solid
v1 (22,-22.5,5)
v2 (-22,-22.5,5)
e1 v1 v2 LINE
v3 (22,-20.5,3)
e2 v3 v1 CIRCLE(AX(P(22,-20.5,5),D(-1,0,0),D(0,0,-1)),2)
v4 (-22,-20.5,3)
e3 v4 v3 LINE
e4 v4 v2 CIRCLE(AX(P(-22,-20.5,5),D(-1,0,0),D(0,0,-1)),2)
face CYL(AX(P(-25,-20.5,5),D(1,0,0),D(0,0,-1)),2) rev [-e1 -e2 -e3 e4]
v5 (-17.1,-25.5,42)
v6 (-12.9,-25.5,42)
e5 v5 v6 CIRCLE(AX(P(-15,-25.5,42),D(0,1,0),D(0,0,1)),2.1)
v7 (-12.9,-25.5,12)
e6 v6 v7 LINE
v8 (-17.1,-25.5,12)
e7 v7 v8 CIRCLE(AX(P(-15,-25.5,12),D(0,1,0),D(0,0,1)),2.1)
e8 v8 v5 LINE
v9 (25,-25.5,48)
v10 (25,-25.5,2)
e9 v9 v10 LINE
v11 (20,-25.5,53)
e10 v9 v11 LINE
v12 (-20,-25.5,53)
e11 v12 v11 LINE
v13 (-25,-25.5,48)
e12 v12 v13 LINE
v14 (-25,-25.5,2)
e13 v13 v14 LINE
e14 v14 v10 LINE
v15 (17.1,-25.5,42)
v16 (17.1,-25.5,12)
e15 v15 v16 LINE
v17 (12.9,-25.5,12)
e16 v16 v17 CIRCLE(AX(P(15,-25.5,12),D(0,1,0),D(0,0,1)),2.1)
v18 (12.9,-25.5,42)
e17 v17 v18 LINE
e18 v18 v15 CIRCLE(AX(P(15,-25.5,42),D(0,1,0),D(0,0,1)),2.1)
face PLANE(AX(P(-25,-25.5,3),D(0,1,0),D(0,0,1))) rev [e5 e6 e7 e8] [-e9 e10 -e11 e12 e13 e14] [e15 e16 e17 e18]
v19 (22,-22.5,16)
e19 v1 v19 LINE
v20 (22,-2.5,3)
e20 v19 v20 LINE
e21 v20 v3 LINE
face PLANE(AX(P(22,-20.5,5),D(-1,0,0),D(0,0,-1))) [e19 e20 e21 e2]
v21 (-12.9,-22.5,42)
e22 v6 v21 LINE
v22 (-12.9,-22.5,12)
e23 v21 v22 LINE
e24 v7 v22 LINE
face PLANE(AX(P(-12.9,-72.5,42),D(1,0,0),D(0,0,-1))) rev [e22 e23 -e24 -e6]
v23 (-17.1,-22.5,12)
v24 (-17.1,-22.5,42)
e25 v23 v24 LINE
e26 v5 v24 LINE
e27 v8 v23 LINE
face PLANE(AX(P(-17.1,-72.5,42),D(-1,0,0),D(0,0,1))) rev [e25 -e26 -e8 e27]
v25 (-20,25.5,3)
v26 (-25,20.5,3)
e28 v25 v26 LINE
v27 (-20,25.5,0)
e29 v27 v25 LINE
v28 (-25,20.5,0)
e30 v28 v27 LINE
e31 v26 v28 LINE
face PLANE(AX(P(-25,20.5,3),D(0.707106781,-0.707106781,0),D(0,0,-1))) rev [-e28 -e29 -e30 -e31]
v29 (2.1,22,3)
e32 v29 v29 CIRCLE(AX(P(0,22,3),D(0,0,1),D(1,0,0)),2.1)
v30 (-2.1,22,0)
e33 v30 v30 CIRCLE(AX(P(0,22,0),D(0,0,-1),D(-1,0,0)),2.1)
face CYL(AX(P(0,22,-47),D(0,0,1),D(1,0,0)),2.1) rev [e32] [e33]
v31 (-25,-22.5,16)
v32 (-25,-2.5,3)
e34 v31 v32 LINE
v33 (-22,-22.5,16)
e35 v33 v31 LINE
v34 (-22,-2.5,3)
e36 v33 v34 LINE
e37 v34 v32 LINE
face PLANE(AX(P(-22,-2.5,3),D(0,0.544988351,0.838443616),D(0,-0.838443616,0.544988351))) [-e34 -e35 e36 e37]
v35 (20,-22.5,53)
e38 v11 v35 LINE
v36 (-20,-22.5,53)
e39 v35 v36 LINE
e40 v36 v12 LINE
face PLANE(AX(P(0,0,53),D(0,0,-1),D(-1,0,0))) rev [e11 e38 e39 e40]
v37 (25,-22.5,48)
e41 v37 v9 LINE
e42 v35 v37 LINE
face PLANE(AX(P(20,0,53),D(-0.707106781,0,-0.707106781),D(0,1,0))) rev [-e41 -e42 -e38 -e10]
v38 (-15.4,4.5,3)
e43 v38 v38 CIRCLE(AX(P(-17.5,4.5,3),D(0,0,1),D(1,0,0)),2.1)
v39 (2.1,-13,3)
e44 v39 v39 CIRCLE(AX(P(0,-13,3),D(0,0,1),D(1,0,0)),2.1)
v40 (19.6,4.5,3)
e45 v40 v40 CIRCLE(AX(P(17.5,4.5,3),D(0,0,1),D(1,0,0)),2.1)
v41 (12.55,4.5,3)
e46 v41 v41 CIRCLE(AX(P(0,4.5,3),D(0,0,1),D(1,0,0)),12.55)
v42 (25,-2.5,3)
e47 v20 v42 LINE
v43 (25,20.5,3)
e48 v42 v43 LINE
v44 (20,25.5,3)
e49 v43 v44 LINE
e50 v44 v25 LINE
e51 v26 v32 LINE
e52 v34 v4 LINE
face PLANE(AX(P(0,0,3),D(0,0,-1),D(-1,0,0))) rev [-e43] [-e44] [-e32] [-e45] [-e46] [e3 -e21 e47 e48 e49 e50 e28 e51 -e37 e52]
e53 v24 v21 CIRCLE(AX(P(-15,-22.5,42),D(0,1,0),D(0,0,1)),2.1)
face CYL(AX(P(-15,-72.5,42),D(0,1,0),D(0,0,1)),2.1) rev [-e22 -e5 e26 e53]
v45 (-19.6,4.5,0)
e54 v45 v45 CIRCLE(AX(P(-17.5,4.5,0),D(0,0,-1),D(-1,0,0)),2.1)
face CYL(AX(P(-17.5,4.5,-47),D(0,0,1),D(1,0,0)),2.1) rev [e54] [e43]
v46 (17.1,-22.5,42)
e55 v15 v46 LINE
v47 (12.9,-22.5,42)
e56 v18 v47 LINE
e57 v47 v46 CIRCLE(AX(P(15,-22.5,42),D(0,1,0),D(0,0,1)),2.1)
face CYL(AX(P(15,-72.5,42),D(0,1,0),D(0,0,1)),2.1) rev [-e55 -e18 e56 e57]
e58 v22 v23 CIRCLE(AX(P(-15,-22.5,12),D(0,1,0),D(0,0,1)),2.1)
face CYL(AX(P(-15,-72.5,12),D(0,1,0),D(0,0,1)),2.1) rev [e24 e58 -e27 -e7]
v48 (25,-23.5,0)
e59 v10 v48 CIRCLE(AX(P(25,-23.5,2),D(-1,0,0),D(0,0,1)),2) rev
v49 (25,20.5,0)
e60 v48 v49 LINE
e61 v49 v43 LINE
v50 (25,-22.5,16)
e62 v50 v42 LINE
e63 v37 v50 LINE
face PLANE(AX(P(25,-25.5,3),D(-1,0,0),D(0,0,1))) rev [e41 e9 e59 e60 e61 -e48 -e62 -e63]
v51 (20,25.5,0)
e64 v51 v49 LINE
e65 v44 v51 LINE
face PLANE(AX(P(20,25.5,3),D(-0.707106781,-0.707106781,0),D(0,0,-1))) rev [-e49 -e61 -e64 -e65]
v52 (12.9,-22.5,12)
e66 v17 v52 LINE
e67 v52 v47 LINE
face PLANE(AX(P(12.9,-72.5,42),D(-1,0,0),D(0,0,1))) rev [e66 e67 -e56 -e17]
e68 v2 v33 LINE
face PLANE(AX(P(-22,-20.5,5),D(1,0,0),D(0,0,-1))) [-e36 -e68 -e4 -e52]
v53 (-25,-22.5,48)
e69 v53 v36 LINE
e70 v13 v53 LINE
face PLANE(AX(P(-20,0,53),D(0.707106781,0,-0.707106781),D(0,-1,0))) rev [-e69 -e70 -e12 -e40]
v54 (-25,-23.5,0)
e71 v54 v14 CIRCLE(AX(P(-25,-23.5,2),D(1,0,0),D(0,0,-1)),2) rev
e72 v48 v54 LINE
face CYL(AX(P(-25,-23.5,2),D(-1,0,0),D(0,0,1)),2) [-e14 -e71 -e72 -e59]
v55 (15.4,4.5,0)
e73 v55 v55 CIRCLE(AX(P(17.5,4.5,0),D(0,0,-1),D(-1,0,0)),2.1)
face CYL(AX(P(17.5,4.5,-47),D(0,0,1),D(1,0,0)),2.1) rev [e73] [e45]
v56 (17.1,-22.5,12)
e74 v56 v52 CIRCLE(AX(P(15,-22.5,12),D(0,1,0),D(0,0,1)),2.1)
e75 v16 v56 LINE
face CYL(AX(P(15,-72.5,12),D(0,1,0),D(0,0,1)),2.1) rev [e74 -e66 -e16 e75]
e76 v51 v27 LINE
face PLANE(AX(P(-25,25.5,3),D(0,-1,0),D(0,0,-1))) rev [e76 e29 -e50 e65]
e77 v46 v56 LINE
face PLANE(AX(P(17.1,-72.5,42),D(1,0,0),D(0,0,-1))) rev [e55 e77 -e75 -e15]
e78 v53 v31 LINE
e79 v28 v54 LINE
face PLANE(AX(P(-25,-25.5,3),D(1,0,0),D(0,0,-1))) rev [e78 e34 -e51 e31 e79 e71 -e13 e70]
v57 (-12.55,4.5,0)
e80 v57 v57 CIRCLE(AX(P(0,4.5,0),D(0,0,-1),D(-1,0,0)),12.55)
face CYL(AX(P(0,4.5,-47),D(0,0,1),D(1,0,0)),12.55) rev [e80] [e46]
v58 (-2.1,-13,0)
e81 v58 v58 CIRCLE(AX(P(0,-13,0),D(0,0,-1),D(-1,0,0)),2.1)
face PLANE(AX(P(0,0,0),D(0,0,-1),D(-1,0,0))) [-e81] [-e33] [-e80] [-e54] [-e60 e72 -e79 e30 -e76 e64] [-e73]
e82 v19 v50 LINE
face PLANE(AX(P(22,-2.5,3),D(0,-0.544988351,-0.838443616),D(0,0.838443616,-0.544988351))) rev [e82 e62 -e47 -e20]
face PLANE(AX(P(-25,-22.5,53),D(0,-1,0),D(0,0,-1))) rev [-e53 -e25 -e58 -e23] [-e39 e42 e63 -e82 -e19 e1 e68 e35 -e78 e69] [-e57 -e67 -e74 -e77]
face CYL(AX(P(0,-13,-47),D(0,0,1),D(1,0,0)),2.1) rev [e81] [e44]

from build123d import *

# Parameters (mm, degrees)
SKETCH1_W           = 50
SKETCH1_H           = 51
BOSS_EXTRUDE1_DEPTH = 3
SKETCH2_W           = 50
SKETCH2_H           = 3
BOSS_EXTRUDE2_DEPTH = 50
FILLET1_R           = 2
CHAMFER1_SIZE       = 5
CUT_EXTRUDE1_DEPTH  = 50
SKETCH4_R           = 12.55
SKETCH4_R_2         = 2.1
CUT_EXTRUDE2_DEPTH  = 50
BOSS_EXTRUDE3_DEPTH = 3


with BuildPart() as part:
    # Sketch1 → Boss-Extrude1 (new body)
    with BuildSketch(Plane.XY):
        Rectangle(SKETCH1_W, SKETCH1_H)
    extrude(amount=BOSS_EXTRUDE1_DEPTH)

    # Sketch2 → Boss-Extrude2 (add)
    with BuildSketch(Plane.XY.offset(3)):
        with Locations((0, -24)):
            Rectangle(SKETCH2_W, SKETCH2_H)
    extrude(amount=BOSS_EXTRUDE2_DEPTH)

    # Fillet1
    fillet1_edges = [part.edges().sort_by_distance(p)[0] for p in [
        (0, -22.5, 3),
        (0, -25.5, 0),
    ]]
    fillet(fillet1_edges, radius=FILLET1_R)

    # Chamfer1
    chamfer1_edges = [part.edges().sort_by_distance(p)[0] for p in [
        (-25, -24, 53),
        (25, -24, 53),
        (-25, 25.5, 1.5),
        (25, 25.5, 1.5),
    ]]
    chamfer(chamfer1_edges, length=CHAMFER1_SIZE)

    # Sketch3 → Cut-Extrude1 (cut)
    with BuildSketch(Plane(origin=(0, -22.5, 0), x_dir=(1, 0, 0), z_dir=(0, 1, 0))):
        with BuildLine():
            Line((-17.1, -42), (-17.1, -12))
            ThreePointArc((-17.1, -12), (-15, -9.9), (-12.9, -12))
            Line((-12.9, -12), (-12.9, -42))
            ThreePointArc((-12.9, -42), (-15, -44.1), (-17.1, -42))
        make_face()
        with BuildLine():
            Line((12.9, -42), (12.9, -12))
            ThreePointArc((12.9, -12), (15, -9.9), (17.1, -12))
            Line((17.1, -12), (17.1, -42))
            ThreePointArc((17.1, -42), (15, -44.1), (12.9, -42))
        make_face()
    extrude(amount=-CUT_EXTRUDE1_DEPTH, mode=Mode.SUBTRACT)

    # Sketch4 → Cut-Extrude2 (cut)
    with BuildSketch(Plane.XY.offset(3)):
        with Locations((0, 4.5)):
            Circle(SKETCH4_R)
        with Locations((0, 22)):
            Circle(SKETCH4_R_2)
        with Locations((0, -13)):
            Circle(SKETCH4_R_2)
        with Locations((17.5, 4.5)):
            Circle(SKETCH4_R_2)
        with Locations((-17.5, 4.5)):
            Circle(SKETCH4_R_2)
    extrude(amount=-CUT_EXTRUDE2_DEPTH, mode=Mode.SUBTRACT)

    # Sketch5 → Boss-Extrude3 (add)
    with BuildSketch(Plane.ZY.offset(25)):
        with BuildLine():
            Line((3, -2.5), (16, -22.5))
            Line((16, -22.5), (5, -22.5))
            ThreePointArc((5, -22.5), (3.585786438, -21.914213562), (3, -20.5))
            Line((3, -20.5), (3, -2.5))
        make_face()
    boss_extrude3 = extrude(amount=-BOSS_EXTRUDE3_DEPTH)

    # Mirror1: Boss-Extrude3 across plane
    add(boss_extrude3.mirror(Plane(origin=(0, 0, 0), x_dir=(0, 0, 1), z_dir=(1, 0, 0))))


solid = part.part
